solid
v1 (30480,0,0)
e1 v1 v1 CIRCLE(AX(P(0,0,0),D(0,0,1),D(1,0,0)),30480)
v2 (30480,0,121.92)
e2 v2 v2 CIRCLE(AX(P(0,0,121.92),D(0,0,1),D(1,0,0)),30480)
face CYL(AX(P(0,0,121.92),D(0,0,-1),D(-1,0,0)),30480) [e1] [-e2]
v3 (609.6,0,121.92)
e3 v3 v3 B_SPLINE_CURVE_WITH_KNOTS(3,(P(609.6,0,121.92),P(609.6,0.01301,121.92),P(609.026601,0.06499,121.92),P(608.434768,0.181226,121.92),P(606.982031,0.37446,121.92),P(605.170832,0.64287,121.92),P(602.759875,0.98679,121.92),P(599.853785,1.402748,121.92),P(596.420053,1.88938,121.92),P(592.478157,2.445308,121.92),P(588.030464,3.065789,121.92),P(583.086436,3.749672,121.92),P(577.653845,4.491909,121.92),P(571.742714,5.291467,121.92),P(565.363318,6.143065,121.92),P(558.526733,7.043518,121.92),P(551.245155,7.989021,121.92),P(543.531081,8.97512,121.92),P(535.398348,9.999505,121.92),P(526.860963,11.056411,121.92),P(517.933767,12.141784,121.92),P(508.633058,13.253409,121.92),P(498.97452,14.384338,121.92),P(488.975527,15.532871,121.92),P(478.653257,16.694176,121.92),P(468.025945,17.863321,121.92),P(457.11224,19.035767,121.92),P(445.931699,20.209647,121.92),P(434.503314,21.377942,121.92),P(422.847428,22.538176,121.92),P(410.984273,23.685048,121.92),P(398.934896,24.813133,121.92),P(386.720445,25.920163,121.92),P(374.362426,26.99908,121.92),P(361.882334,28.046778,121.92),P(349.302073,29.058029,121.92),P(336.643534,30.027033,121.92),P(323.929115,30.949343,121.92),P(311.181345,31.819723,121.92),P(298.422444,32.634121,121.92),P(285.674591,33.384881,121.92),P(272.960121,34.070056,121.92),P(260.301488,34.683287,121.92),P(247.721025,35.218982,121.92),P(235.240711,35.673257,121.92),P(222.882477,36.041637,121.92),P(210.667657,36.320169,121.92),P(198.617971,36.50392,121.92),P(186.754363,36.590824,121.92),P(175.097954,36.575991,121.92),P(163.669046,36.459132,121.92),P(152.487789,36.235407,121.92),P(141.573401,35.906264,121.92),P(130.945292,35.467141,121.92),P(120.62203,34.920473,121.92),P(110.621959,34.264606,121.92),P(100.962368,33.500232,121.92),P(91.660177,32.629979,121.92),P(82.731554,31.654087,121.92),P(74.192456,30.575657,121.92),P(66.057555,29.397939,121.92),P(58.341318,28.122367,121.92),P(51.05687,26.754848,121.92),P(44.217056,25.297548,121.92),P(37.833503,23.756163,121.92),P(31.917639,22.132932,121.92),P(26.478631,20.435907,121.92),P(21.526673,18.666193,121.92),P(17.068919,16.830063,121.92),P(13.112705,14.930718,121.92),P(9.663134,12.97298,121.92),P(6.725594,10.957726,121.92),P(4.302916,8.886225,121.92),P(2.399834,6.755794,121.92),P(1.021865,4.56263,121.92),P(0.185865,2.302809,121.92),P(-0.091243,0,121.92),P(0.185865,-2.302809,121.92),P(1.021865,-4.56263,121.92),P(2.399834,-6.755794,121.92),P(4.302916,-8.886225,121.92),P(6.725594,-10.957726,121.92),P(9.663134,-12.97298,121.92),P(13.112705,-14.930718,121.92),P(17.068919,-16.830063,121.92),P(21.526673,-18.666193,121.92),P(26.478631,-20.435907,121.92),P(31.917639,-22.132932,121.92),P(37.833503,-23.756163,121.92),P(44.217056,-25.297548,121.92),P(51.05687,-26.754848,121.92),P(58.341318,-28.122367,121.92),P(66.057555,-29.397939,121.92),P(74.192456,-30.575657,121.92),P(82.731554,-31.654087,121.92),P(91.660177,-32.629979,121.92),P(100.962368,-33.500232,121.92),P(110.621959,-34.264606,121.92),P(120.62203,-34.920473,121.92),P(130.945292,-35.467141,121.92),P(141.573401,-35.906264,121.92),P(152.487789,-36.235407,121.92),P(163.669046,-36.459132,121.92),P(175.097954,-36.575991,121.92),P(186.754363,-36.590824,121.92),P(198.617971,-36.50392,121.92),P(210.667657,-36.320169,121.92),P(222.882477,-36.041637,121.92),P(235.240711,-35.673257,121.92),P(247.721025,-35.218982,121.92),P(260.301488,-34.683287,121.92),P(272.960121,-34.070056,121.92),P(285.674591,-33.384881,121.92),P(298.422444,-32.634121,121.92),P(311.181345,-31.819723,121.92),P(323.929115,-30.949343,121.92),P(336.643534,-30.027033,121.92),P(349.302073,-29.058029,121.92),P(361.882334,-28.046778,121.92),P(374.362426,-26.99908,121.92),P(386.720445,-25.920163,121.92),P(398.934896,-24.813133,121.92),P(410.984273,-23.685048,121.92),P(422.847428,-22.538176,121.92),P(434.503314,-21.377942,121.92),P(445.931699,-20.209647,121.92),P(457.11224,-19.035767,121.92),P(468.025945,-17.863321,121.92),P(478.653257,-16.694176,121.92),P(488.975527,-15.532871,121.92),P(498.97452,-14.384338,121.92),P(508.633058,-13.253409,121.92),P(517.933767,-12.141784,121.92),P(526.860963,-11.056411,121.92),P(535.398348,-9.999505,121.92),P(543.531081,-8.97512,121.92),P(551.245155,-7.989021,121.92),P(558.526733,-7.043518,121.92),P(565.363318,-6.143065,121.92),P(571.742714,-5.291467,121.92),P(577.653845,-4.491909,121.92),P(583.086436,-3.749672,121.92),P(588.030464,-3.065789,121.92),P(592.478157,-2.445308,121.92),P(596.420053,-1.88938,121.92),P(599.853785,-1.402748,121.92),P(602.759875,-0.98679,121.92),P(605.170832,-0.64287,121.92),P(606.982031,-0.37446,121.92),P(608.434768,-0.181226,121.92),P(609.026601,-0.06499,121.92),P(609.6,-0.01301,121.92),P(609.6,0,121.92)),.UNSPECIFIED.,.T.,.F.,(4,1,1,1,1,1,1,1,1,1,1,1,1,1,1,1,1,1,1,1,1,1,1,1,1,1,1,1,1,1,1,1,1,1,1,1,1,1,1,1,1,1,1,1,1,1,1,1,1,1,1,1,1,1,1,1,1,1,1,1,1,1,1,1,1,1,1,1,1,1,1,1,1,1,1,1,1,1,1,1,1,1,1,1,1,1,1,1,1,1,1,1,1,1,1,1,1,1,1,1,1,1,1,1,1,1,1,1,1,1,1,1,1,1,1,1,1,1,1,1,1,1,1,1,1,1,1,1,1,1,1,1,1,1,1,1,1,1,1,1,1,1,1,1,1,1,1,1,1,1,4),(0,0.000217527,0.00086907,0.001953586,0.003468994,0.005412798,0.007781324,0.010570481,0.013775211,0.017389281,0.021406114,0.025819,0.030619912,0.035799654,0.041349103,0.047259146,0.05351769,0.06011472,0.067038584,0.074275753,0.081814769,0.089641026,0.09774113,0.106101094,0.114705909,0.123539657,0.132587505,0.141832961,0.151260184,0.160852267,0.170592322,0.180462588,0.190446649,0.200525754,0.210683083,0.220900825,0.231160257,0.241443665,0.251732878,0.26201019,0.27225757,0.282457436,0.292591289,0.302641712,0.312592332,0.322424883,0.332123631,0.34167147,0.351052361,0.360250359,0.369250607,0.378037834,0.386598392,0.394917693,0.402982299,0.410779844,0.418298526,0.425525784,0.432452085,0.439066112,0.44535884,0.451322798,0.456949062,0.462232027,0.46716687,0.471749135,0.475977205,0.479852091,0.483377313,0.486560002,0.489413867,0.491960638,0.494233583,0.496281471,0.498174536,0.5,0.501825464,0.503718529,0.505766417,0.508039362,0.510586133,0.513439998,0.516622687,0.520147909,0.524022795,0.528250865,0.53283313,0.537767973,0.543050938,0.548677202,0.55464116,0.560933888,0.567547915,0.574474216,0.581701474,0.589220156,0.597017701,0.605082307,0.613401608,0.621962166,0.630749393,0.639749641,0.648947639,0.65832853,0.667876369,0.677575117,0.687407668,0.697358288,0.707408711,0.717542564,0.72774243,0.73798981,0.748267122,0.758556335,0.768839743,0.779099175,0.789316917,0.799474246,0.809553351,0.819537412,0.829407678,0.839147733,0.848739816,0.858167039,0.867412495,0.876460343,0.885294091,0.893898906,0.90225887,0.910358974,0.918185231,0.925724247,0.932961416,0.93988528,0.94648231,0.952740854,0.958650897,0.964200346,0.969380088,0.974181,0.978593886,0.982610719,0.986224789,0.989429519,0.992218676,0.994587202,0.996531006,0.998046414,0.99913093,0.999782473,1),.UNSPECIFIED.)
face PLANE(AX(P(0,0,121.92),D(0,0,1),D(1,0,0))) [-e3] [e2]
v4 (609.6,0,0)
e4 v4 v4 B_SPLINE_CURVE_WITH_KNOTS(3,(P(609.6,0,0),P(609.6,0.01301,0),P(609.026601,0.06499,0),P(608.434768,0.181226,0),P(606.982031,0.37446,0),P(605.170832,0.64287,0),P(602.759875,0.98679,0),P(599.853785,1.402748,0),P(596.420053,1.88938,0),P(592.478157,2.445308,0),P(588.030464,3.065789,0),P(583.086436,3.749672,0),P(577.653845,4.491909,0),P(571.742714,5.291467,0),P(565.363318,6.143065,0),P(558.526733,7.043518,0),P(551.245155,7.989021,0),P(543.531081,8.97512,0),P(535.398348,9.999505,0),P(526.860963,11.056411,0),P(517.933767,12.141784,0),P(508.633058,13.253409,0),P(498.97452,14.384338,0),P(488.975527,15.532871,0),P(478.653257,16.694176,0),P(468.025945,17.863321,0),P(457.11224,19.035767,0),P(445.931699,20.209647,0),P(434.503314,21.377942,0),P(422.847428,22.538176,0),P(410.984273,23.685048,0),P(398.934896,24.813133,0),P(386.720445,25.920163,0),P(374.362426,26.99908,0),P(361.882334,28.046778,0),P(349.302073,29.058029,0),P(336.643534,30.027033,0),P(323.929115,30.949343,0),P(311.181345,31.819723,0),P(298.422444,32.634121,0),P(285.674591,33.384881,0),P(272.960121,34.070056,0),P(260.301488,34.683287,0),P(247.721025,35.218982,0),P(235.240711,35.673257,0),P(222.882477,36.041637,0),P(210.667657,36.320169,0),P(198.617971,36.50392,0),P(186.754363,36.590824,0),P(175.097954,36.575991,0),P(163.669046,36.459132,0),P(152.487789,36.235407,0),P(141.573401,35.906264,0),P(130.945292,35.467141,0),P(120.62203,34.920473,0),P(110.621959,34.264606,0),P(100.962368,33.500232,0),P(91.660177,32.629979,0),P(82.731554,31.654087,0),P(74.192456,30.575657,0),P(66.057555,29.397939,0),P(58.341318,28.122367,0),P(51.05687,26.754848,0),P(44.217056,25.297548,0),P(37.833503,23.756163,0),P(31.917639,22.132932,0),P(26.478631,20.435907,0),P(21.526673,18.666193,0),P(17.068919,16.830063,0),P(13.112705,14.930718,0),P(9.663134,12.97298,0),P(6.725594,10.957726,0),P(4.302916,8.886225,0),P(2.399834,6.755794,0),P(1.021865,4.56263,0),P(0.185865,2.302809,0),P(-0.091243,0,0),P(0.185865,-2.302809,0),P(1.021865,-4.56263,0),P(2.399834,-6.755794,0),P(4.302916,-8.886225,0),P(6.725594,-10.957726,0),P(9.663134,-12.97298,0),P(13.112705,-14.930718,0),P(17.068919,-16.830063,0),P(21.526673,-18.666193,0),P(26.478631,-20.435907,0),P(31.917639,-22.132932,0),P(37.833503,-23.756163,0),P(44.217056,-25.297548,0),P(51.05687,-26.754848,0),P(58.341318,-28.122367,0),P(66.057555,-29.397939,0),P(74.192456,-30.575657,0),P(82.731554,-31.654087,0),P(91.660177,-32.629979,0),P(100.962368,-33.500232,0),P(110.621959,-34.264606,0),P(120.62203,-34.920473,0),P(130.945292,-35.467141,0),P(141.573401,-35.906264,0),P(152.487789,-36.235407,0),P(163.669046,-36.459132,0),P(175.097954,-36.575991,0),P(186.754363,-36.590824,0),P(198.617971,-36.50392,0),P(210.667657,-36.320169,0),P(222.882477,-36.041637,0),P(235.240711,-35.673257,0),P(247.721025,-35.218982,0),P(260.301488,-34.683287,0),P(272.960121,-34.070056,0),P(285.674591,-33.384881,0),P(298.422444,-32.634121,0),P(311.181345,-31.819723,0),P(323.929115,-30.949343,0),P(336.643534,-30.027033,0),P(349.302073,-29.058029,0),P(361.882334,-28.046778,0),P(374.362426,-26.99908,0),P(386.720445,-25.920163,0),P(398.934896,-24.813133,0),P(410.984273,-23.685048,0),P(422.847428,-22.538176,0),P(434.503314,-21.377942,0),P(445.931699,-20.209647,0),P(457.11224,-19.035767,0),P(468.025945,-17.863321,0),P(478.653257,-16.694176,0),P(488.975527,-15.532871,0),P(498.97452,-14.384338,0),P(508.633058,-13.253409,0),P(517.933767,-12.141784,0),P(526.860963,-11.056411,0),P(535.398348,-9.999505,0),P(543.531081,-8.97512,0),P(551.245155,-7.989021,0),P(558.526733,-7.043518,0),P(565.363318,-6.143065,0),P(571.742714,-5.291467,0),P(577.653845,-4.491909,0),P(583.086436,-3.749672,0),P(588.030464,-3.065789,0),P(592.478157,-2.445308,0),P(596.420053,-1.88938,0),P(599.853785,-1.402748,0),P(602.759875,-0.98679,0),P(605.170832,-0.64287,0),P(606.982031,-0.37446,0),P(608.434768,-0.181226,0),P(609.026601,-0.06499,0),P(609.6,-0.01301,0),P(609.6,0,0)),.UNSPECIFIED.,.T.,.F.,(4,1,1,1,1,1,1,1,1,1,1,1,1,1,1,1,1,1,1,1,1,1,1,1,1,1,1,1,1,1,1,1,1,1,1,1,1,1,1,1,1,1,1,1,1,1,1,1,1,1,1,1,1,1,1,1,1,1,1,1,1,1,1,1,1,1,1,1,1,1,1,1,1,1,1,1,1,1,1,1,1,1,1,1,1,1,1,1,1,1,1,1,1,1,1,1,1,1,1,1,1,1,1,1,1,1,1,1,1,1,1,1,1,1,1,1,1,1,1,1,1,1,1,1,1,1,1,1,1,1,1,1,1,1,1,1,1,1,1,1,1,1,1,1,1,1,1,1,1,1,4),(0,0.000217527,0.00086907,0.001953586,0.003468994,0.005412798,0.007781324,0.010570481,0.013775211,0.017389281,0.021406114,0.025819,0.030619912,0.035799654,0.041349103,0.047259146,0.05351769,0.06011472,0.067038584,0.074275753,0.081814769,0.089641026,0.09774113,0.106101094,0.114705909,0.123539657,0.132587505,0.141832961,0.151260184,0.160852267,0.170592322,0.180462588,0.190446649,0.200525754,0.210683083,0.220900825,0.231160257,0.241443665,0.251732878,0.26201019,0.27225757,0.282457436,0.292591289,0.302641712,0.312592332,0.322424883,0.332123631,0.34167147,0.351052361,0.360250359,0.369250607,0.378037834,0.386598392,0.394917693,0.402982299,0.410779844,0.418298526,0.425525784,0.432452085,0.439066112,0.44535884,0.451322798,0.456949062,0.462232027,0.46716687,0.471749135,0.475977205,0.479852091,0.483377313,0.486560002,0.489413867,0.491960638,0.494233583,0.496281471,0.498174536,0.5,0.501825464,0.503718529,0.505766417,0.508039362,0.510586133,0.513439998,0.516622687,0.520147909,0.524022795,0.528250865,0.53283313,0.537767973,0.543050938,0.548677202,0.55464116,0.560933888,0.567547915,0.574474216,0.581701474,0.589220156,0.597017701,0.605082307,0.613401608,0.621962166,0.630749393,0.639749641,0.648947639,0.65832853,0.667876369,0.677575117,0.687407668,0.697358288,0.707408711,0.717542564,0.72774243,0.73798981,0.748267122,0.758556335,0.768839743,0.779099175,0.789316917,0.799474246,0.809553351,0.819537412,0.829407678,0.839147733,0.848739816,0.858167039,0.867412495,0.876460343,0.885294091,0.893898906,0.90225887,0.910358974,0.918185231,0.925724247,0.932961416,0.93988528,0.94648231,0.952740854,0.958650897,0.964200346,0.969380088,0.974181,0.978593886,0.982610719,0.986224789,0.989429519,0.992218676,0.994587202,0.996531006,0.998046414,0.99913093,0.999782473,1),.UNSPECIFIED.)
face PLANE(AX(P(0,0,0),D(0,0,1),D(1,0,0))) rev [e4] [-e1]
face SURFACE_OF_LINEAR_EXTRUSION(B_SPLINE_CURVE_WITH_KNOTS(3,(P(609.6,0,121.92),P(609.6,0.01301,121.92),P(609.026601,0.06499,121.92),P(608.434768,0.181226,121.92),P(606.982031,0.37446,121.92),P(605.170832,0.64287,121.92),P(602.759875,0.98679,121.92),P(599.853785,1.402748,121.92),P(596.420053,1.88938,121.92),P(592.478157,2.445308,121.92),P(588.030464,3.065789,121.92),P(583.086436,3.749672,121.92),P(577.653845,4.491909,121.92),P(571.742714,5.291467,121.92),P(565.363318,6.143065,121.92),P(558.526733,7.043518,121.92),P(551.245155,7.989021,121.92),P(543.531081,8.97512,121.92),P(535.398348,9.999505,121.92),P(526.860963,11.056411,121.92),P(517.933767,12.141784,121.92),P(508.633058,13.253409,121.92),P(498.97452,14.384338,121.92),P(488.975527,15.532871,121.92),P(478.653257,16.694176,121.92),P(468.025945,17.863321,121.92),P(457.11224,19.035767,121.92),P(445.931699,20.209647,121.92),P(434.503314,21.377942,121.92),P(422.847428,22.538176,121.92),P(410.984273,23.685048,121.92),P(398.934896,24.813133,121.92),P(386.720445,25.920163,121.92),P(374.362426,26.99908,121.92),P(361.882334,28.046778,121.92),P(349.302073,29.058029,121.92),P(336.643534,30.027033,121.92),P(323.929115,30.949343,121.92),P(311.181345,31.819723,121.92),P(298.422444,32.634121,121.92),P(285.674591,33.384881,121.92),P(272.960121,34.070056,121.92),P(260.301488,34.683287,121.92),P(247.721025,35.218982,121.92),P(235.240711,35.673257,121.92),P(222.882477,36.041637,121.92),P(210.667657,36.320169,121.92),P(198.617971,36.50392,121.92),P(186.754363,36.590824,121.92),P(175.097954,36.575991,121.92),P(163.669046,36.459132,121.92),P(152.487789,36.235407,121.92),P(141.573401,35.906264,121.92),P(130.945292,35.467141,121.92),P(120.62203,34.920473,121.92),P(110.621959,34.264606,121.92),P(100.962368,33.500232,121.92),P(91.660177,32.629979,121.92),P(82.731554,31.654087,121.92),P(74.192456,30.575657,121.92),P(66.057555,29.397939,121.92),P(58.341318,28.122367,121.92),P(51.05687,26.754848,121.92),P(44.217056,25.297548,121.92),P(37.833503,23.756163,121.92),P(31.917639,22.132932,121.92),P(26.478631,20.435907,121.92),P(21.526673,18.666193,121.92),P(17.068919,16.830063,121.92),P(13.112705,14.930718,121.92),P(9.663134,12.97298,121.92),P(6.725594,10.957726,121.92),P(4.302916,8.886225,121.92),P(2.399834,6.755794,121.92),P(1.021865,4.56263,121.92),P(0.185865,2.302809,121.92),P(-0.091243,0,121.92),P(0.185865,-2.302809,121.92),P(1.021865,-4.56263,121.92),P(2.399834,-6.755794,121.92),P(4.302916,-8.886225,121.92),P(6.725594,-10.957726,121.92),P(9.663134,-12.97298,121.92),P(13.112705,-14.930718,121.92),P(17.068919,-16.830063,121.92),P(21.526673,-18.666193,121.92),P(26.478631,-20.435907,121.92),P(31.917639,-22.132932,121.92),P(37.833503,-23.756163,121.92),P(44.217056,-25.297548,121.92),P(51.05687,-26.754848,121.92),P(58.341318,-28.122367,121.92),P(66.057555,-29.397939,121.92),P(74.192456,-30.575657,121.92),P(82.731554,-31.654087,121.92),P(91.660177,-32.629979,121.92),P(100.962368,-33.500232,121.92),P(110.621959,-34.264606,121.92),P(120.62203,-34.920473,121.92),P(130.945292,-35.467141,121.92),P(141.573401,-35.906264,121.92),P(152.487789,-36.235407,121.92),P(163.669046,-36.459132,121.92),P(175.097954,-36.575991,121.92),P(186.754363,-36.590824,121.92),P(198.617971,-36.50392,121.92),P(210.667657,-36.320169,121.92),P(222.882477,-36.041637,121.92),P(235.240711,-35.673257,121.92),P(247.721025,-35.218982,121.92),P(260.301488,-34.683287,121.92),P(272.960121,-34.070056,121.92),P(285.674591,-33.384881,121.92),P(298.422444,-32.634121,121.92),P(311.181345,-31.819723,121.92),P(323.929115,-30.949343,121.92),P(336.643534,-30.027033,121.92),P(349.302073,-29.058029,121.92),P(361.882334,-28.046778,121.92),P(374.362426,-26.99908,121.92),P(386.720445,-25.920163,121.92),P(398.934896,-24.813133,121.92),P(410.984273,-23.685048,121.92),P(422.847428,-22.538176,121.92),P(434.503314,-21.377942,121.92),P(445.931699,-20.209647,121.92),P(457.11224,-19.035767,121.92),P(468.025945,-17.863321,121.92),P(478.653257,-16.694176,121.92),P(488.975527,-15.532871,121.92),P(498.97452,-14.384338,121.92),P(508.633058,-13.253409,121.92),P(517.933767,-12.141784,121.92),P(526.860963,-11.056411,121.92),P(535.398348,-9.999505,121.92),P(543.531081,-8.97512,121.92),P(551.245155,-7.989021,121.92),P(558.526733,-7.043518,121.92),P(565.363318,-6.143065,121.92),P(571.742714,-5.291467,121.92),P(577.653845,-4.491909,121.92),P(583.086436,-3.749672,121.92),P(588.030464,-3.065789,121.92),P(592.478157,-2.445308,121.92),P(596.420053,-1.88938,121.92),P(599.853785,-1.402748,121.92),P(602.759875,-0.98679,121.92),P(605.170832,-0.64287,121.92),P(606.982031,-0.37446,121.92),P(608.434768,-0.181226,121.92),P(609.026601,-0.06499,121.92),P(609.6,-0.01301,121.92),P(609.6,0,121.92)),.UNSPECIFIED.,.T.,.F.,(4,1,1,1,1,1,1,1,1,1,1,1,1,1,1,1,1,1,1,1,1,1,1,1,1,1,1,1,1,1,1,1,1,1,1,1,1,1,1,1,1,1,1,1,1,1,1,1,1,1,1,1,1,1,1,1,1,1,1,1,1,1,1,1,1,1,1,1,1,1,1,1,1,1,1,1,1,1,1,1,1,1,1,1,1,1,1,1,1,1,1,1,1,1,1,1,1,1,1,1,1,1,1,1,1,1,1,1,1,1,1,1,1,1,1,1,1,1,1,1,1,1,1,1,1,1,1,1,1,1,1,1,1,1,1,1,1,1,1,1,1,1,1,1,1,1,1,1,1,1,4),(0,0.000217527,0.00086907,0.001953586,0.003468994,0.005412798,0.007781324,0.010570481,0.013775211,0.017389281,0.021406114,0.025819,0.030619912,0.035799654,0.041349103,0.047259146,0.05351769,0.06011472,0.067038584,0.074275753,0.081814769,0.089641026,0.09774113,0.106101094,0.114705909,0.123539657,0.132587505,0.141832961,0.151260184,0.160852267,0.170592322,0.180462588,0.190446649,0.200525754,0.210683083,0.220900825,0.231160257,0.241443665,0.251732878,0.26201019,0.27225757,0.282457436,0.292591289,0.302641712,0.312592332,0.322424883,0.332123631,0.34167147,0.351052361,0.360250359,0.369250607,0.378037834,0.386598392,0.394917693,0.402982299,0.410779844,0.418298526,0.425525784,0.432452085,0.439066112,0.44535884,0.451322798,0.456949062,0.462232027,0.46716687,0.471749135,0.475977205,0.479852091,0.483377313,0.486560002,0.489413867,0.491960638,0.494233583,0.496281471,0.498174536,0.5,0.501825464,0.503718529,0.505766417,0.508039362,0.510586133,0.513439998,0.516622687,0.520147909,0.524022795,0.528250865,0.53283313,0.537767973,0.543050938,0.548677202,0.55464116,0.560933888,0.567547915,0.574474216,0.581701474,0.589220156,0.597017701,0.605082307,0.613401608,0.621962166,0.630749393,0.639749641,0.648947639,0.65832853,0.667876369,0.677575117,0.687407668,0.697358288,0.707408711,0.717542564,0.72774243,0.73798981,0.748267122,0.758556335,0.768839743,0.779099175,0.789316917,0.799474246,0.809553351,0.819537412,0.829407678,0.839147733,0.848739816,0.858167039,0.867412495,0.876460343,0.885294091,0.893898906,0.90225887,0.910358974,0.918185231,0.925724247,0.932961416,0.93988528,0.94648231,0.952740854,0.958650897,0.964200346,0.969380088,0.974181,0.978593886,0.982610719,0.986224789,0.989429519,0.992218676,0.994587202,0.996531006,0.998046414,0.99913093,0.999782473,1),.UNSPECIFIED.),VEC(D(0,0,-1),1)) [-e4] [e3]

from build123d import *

# Parameters (mm, degrees)
SKETCH1_R           = 30480
BOSS_EXTRUDE1_DEPTH = 121.92


with BuildPart() as part:
    # Sketch1 → Boss-Extrude1 (new body)
    with BuildSketch(Plane.XY):
        Circle(SKETCH1_R)
        with BuildLine():
            add(Edge.make_bspline(
                [(609.6, 0), (609.6, 0.013010457), (609.026600724, 0.064990075), (608.4347679, 0.181226432), (606.982031384, 0.374460393), (605.170832321, 0.642870251), (602.759875483, 0.986789867), (599.853785309, 1.402747774), (596.420052816, 1.889379616), (592.478157133, 2.445307987), (588.030463539, 3.065788999), (583.086436221, 3.749671558), (577.653844905, 4.491908918), (571.742714485, 5.291466865), (565.363317871, 6.143065259), (558.526733427, 7.043517823), (551.245154967, 7.98902077), (543.531080963, 8.975119524), (535.398348035, 9.999505289), (526.860963094, 11.056411479), (517.933767223, 12.14178354), (508.633058212, 13.253409494), (498.974520358, 14.38433784), (488.975527473, 15.53287147), (478.653256963, 16.694176432), (468.025945058, 17.863320976), (457.112240421, 19.035766758), (445.931699122, 20.209646583), (434.503313509, 21.377942122), (422.847428322, 22.538176075), (410.984273273, 23.685048246), (398.934895518, 24.813132922), (386.720444938, 25.920163169), (374.362426444, 26.999080386), (361.882333772, 28.046778458), (349.302073434, 29.058028546), (336.643533948, 30.027033327), (323.929115205, 30.949342713), (311.181344964, 31.81972273), (298.422443523, 32.634120885), (285.674590523, 33.384881258), (272.960120627, 34.070056007), (260.301487745, 34.683286679), (247.72102508, 35.218981726), (235.240711112, 35.673257204), (222.882477128, 36.041636894), (210.66765657, 36.320169072), (198.617970938, 36.503920401), (186.754363143, 36.590823904), (175.097954029, 36.575990555), (163.669045979, 36.45913178), (152.487788738, 36.235407201), (141.573400808, 35.906263597), (130.945292406, 35.467140821), (120.622029775, 34.920473338), (110.621959439, 34.264605759), (100.962368247, 33.500231737), (91.660176513, 32.62997896), (82.731554181, 31.654087288), (74.192455883, 30.575657263), (66.057555419, 29.397939426), (58.341318498, 28.122367188), (51.056870419, 26.754847648), (44.217055549, 25.297548182), (37.833502902, 23.756162913), (31.917638651, 22.13293195), (26.478630576, 20.435907109), (21.526673014, 18.666192998), (17.068919215, 16.83006339), (13.11270468, 14.930718349), (9.663133894, 12.97297966), (6.725593648, 10.957725672), (4.302915856, 8.886224887), (2.399833789, 6.755793531), (1.02186516, 4.562630438), (0.185865427, 2.302809207), (-0.091243216, 0), (0.185865427, -2.302809207), (1.02186516, -4.562630438), (2.399833789, -6.755793531), (4.302915856, -8.886224887), (6.725593648, -10.957725672), (9.663133894, -12.97297966), (13.11270468, -14.930718349), (17.068919215, -16.83006339), (21.526673014, -18.666192998), (26.478630576, -20.435907109), (31.917638651, -22.13293195), (37.833502902, -23.756162913), (44.217055549, -25.297548182), (51.056870419, -26.754847648), (58.341318498, -28.122367188), (66.057555419, -29.397939426), (74.192455883, -30.575657263), (82.731554181, -31.654087288), (91.660176513, -32.62997896), (100.962368247, -33.500231737), (110.621959439, -34.264605759), (120.622029775, -34.920473338), (130.945292406, -35.467140821), (141.573400808, -35.906263597), (152.487788738, -36.235407201), (163.669045979, -36.45913178), (175.097954029, -36.575990555), (186.754363143, -36.590823904), (198.617970938, -36.503920401), (210.66765657, -36.320169072), (222.882477128, -36.041636894), (235.240711112, -35.673257204), (247.72102508, -35.218981726), (260.301487745, -34.683286679), (272.960120627, -34.070056007), (285.674590523, -33.384881258), (298.422443523, -32.634120885), (311.181344964, -31.81972273), (323.929115205, -30.949342713), (336.643533948, -30.027033327), (349.302073434, -29.058028546), (361.882333772, -28.046778458), (374.362426444, -26.999080386), (386.720444938, -25.920163169), (398.934895518, -24.813132922), (410.984273273, -23.685048246), (422.847428322, -22.538176075), (434.503313509, -21.377942122), (445.931699122, -20.209646583), (457.112240421, -19.035766758), (468.025945058, -17.863320976), (478.653256963, -16.694176432), (488.975527473, -15.53287147), (498.974520358, -14.38433784), (508.633058212, -13.253409494), (517.933767223, -12.14178354), (526.860963094, -11.056411479), (535.398348035, -9.999505289), (543.531080963, -8.975119524), (551.245154967, -7.98902077), (558.526733427, -7.043517823), (565.363317871, -6.143065259), (571.742714485, -5.291466865), (577.653844905, -4.491908918), (583.086436221, -3.749671558), (588.030463539, -3.065788999), (592.478157133, -2.445307987), (596.420052816, -1.889379616), (599.853785309, -1.402747774), (602.759875483, -0.986789867), (605.170832321, -0.642870251), (606.982031384, -0.374460393), (608.4347679, -0.181226432), (609.026600724, -0.064990075), (609.6, -0.013010457), (609.6, 0)],
                knots=[0, 0, 0, 0, 0.000217527, 0.00086907, 0.001953586, 0.003468994, 0.005412798, 0.007781324, 0.010570481, 0.013775211, 0.017389281, 0.021406114, 0.025819, 0.030619912, 0.035799654, 0.041349103, 0.047259146, 0.05351769, 0.06011472, 0.067038584, 0.074275753, 0.081814769, 0.089641026, 0.09774113, 0.106101094, 0.114705909, 0.123539657, 0.132587505, 0.141832961, 0.151260184, 0.160852267, 0.170592322, 0.180462588, 0.190446649, 0.200525754, 0.210683083, 0.220900825, 0.231160257, 0.241443665, 0.251732878, 0.26201019, 0.27225757, 0.282457436, 0.292591289, 0.302641712, 0.312592332, 0.322424883, 0.332123631, 0.34167147, 0.351052361, 0.360250359, 0.369250607, 0.378037834, 0.386598392, 0.394917693, 0.402982299, 0.410779844, 0.418298526, 0.425525784, 0.432452085, 0.439066112, 0.44535884, 0.451322798, 0.456949062, 0.462232027, 0.46716687, 0.471749135, 0.475977205, 0.479852091, 0.483377313, 0.486560002, 0.489413867, 0.491960638, 0.494233583, 0.496281471, 0.498174536, 0.5, 0.501825464, 0.503718529, 0.505766417, 0.508039362, 0.510586133, 0.513439998, 0.516622687, 0.520147909, 0.524022795, 0.528250865, 0.53283313, 0.537767973, 0.543050938, 0.548677202, 0.55464116, 0.560933888, 0.567547915, 0.574474216, 0.581701474, 0.589220156, 0.597017701, 0.605082307, 0.613401608, 0.621962166, 0.630749393, 0.639749641, 0.648947639, 0.65832853, 0.667876369, 0.677575117, 0.687407668, 0.697358288, 0.707408711, 0.717542564, 0.72774243, 0.73798981, 0.748267122, 0.758556335, 0.768839743, 0.779099175, 0.789316917, 0.799474246, 0.809553351, 0.819537412, 0.829407678, 0.839147733, 0.848739816, 0.858167039, 0.867412495, 0.876460343, 0.885294091, 0.893898906, 0.90225887, 0.910358974, 0.918185231, 0.925724247, 0.932961416, 0.93988528, 0.94648231, 0.952740854, 0.958650897, 0.964200346, 0.969380088, 0.974181, 0.978593886, 0.982610719, 0.986224789, 0.989429519, 0.992218676, 0.994587202, 0.996531006, 0.998046414, 0.99913093, 0.999782473, 1, 1, 1, 1], degree=3))
        make_face(mode=Mode.SUBTRACT)
    extrude(amount=BOSS_EXTRUDE1_DEPTH)


solid = part.part
